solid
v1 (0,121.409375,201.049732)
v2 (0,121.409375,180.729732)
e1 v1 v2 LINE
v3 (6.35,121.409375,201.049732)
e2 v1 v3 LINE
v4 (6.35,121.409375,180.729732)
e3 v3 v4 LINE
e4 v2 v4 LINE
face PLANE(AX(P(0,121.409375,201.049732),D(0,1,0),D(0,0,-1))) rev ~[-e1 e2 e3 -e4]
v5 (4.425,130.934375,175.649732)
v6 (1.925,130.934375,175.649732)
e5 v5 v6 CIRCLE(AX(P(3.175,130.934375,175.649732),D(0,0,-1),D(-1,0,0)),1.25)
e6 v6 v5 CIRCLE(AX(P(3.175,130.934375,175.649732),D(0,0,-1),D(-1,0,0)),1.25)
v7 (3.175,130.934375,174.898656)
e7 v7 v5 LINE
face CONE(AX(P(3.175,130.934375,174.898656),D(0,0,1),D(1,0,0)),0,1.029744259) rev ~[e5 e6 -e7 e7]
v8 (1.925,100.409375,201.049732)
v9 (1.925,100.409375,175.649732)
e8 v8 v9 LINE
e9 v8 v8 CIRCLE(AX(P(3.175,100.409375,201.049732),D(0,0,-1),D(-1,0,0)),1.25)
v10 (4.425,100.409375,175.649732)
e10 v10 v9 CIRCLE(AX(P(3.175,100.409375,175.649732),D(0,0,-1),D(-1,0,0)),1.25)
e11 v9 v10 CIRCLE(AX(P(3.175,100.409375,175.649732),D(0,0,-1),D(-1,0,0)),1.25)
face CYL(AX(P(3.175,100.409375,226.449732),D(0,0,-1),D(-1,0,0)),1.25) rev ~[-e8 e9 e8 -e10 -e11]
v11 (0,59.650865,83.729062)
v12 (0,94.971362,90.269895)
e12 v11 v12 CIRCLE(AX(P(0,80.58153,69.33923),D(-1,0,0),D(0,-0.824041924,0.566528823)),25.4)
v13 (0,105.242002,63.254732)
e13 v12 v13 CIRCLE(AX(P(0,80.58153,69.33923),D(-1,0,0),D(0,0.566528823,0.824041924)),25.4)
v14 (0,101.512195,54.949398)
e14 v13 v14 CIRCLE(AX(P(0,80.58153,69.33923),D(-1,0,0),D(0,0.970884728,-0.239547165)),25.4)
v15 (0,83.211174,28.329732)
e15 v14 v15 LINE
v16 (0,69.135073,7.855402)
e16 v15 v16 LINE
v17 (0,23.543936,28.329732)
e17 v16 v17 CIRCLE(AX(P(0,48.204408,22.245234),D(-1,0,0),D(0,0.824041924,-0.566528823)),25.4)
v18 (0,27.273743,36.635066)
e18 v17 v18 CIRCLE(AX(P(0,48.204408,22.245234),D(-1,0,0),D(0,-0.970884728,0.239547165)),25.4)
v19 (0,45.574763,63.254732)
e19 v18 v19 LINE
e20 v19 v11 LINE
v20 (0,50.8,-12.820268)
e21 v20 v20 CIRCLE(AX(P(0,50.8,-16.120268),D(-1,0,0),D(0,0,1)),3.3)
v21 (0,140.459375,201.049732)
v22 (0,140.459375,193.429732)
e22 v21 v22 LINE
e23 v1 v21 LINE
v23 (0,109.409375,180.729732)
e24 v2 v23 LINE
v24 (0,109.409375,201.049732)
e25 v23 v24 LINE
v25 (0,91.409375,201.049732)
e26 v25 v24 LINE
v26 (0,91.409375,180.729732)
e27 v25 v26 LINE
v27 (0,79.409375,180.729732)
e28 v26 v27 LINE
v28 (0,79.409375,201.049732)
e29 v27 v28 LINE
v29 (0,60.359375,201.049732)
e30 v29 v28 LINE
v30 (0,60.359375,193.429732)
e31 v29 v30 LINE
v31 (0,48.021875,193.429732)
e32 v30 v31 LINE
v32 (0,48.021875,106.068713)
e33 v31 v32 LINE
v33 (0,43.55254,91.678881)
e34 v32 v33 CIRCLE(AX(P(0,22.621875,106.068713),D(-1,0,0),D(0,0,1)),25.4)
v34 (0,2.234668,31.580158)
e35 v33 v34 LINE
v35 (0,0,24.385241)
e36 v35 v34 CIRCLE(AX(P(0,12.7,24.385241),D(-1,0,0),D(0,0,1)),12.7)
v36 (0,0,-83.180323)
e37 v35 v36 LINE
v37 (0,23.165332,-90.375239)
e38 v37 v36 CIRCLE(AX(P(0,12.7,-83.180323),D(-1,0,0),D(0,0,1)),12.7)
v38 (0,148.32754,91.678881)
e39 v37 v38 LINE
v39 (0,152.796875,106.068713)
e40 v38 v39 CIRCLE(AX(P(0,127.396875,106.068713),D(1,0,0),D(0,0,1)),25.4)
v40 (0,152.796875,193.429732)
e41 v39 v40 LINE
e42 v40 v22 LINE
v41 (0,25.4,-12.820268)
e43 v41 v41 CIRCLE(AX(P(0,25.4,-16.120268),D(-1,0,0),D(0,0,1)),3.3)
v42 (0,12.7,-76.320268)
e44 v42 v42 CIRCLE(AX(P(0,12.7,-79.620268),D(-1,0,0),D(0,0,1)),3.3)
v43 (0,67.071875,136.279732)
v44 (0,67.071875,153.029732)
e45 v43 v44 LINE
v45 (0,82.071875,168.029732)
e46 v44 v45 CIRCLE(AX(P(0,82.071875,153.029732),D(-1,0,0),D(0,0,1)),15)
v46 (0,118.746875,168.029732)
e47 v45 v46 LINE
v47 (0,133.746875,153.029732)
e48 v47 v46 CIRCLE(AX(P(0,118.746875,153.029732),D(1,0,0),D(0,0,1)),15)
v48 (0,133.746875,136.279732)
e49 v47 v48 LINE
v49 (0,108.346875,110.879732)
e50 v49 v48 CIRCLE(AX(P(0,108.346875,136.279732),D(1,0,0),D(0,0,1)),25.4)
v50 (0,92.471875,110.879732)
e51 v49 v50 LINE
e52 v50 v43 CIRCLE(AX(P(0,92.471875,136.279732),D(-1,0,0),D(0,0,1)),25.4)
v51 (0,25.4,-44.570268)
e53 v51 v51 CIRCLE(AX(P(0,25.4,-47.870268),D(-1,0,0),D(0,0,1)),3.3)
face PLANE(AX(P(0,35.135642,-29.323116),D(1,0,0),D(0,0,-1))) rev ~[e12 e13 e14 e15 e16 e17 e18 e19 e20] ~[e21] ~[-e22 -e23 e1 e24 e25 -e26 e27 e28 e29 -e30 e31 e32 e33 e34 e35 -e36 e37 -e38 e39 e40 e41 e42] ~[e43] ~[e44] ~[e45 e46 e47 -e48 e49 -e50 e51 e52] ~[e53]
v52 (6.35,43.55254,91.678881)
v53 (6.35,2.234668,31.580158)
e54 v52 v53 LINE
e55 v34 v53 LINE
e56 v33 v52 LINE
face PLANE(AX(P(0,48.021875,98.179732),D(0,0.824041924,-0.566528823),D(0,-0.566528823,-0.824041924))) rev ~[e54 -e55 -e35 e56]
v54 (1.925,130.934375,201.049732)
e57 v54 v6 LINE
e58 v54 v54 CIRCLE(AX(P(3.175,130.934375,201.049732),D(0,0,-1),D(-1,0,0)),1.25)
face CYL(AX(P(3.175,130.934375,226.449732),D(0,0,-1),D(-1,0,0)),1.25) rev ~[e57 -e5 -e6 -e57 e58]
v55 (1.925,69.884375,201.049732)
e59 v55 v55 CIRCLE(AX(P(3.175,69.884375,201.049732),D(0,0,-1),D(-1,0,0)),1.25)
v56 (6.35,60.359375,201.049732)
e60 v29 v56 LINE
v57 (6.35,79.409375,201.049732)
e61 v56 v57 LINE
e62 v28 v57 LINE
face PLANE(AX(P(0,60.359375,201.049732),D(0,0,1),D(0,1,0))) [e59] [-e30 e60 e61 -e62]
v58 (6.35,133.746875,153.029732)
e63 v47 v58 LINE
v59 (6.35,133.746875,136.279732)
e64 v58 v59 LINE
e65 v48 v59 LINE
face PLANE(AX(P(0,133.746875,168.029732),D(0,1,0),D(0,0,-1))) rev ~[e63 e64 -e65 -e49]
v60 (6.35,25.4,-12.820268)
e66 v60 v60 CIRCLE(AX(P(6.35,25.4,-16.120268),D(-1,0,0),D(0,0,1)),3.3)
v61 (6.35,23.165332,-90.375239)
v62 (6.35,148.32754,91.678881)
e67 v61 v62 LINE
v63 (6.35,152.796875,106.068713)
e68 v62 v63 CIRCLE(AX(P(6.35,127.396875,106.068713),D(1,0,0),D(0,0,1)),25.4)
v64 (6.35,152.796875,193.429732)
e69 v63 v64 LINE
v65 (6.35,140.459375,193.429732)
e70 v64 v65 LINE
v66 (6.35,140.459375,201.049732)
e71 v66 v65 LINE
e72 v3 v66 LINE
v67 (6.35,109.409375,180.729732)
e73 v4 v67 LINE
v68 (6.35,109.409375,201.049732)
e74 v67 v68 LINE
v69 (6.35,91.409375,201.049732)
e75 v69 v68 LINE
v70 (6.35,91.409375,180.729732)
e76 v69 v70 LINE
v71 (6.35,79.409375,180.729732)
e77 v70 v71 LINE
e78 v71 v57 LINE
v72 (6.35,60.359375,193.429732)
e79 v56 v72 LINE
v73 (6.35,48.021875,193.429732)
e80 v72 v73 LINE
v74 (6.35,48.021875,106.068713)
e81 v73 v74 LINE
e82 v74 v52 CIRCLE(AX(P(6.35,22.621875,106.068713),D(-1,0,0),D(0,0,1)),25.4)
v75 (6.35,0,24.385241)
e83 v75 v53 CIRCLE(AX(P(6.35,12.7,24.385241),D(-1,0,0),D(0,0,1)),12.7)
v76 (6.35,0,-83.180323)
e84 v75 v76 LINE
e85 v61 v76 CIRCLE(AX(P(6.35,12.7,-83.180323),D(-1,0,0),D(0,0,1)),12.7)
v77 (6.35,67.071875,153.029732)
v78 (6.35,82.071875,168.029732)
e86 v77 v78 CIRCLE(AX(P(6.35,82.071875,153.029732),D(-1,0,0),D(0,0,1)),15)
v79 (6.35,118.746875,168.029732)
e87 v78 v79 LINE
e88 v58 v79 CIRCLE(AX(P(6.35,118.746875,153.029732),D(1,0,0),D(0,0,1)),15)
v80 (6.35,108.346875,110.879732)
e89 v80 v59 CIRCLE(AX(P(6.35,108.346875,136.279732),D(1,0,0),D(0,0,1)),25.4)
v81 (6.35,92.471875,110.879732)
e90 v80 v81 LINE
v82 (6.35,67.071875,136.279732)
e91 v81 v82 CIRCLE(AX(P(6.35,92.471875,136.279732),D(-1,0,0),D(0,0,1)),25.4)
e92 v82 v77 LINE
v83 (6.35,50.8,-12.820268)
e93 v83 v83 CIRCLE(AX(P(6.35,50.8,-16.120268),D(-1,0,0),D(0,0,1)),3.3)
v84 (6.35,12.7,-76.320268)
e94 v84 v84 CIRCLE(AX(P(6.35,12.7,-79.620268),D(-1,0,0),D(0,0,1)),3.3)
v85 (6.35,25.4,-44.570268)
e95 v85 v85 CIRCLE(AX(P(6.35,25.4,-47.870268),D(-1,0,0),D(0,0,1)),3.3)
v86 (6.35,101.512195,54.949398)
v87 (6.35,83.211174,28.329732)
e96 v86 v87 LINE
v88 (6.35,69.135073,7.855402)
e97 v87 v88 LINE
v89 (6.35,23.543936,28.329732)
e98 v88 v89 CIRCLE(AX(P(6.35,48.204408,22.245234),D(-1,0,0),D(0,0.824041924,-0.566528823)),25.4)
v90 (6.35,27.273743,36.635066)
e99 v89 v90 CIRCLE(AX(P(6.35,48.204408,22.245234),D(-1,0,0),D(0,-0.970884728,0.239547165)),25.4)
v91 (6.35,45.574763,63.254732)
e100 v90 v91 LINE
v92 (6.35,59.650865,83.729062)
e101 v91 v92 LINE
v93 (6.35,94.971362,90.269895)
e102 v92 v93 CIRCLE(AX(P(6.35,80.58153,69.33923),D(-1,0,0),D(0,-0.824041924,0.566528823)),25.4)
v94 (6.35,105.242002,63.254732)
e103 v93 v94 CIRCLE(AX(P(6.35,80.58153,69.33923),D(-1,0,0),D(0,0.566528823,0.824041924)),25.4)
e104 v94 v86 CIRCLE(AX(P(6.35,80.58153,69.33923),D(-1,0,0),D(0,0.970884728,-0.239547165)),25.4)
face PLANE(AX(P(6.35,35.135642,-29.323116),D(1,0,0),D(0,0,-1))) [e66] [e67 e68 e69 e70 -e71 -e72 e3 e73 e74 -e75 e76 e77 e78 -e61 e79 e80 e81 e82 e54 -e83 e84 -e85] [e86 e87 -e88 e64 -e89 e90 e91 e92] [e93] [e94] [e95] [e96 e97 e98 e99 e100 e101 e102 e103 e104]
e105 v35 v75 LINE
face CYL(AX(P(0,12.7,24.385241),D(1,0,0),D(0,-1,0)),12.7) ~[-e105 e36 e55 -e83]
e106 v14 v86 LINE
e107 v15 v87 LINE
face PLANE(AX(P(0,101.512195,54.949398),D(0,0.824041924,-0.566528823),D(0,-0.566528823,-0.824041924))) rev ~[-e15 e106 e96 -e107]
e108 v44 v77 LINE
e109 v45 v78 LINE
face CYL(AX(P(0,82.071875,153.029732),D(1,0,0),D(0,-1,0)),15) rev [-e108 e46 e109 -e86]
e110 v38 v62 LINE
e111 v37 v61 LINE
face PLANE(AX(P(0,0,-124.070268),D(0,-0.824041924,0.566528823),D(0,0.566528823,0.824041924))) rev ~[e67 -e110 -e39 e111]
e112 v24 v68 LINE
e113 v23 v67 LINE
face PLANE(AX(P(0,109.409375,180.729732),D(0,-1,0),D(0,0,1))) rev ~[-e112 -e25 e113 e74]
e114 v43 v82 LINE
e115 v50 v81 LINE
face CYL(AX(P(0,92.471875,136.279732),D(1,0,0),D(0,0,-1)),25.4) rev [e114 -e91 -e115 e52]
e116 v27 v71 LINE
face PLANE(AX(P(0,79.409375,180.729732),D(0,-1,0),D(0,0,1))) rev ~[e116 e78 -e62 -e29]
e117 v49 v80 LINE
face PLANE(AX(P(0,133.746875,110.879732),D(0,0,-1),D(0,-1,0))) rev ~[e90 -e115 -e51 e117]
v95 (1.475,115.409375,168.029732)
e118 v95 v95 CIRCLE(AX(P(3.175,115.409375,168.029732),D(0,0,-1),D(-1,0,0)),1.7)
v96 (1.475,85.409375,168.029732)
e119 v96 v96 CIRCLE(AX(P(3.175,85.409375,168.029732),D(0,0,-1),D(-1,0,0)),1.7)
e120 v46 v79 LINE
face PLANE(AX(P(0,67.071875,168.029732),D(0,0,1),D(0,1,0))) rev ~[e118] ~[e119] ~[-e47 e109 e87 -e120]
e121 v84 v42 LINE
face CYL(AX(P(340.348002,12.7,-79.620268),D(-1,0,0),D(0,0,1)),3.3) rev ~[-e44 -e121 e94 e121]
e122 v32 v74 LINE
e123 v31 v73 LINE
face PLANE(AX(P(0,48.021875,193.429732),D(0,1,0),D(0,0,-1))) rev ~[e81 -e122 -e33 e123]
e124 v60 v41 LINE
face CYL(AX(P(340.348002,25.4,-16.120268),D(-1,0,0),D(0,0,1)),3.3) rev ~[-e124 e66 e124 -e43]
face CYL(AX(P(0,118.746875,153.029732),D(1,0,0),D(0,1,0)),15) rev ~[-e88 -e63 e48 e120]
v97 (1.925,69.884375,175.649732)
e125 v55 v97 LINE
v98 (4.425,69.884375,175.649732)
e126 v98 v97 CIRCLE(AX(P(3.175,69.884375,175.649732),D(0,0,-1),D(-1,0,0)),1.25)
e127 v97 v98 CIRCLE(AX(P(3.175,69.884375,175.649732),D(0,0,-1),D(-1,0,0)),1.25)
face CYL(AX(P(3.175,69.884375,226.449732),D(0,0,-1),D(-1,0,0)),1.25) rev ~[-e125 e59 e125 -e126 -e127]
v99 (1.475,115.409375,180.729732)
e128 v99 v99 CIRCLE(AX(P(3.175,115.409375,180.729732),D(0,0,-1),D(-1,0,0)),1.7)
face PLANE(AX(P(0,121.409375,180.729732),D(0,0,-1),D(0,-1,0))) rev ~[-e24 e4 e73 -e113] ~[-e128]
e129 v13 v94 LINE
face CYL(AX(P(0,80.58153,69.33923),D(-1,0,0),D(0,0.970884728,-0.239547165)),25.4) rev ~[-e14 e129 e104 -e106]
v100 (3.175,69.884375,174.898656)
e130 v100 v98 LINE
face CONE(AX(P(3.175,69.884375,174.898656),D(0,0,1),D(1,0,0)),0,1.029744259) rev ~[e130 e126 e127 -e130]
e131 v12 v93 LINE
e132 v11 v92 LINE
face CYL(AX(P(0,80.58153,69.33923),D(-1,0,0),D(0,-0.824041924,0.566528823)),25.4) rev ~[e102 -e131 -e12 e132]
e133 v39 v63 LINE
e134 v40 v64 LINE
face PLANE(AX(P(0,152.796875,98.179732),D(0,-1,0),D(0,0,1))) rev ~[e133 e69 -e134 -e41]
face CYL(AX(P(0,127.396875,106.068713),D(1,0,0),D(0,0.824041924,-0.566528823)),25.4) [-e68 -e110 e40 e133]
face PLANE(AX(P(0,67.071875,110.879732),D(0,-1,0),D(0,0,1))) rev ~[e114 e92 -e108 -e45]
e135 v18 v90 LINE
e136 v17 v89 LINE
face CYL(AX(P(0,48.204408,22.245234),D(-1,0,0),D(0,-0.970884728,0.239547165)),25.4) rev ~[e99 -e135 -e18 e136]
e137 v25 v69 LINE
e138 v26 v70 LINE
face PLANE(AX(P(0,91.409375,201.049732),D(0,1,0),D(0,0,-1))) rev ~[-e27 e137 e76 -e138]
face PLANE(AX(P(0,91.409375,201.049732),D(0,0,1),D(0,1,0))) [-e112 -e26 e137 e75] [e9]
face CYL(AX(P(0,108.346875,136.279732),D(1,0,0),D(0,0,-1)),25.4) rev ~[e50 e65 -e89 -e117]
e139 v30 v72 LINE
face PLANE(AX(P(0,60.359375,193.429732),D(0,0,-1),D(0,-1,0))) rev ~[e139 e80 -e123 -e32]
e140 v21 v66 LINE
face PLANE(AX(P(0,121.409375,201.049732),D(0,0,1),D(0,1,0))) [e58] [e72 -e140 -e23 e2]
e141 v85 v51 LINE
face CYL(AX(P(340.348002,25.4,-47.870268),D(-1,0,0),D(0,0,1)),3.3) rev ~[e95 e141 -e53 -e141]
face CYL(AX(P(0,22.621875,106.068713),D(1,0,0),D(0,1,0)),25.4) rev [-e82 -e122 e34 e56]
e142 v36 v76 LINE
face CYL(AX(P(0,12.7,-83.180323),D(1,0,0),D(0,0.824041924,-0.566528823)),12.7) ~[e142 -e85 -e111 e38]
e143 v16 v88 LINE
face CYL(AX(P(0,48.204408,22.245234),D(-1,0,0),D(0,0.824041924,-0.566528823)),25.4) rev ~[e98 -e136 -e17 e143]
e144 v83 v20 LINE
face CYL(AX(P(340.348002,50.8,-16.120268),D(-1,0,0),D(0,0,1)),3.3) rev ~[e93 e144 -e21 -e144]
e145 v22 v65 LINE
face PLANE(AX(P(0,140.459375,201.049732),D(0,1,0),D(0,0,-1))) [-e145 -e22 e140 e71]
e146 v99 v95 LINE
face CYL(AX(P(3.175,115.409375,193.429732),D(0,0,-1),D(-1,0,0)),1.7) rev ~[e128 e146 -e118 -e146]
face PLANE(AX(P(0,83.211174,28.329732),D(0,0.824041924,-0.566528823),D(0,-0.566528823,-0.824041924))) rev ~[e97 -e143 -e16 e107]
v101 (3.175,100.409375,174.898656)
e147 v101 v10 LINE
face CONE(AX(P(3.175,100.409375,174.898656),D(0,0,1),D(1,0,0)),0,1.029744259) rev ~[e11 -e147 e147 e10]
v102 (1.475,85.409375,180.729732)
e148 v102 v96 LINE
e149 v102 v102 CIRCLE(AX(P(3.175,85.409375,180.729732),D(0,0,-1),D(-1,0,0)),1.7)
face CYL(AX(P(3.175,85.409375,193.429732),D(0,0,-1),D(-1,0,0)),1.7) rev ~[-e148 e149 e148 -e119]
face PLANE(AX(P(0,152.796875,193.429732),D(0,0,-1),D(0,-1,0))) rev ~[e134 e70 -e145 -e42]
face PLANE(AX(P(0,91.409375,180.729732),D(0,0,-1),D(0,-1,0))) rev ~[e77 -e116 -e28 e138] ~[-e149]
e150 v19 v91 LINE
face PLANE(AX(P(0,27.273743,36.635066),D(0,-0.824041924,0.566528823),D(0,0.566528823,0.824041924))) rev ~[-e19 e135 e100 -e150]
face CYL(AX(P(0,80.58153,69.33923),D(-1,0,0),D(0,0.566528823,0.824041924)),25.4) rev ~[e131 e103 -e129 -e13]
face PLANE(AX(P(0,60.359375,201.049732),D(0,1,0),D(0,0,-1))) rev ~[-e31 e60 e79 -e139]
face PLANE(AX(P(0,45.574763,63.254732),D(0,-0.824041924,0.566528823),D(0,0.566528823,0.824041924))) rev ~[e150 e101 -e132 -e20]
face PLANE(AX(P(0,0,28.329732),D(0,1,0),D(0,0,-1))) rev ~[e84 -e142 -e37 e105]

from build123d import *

# Parameters (mm, degrees)
SKETCH1_W                 = 7.62
SKETCH1_H                 = 19.05
SKETCH1_H_2               = 18
BOSS_EXTRUDE1_DEPTH       = 6.35
FILLET1_R                 = 25.4
FILLET2_R                 = 12.7
M6_CLEARANCE_HOLE1_D      = 6.6
M3_CLEARANCE_HOLE1_D      = 3.4
M3_CLEARANCE_HOLE1_DEPTH  = 12.7
FILLET4_R                 = 15
M3X0_5_TAPPED_HOLE1_D     = 2.5
M3X0_5_TAPPED_HOLE1_DEPTH = 25.4
M3X0_5_TAPPED_HOLE1_TIP   = 0.751075774


with BuildPart() as part:
    # Sketch1 → Boss-Extrude1 (new body)
    with BuildSketch(Plane(origin=(0, 0, 0), x_dir=(0, 0, -1), z_dir=(1, 0, 0))):
        with BuildLine():
            Line((-28.329731999, 0), (124.070268001, 0))
            Line((124.070268001, 0), (-28.329731999, 104.775))
            Line((-28.329731999, 104.775), (-28.329731999, 83.211174444))
            Line((-28.329731999, 83.211174444), (-7.855401914, 69.135072511))
            ThreePointArc((-7.855401914, 69.135072511), (0.925492913, 37.798764283), (-28.329731999, 23.543935534))
            Line((-28.329731999, 23.543935534), (-28.329731999, 0))
        make_face()
        with BuildLine():
            Line((-28.329731999, 83.211174444), (-28.329731999, 104.775))
            Line((-28.329731999, 104.775), (-63.254731999, 128.7859375))
            Line((-63.254731999, 128.7859375), (-63.254731999, 105.242001966))
            ThreePointArc((-63.254731999, 105.242001966), (-58.93358663, 103.752256793), (-54.949397882, 101.512194739))
            Line((-54.949397882, 101.512194739), (-28.329731999, 83.211174444))
        make_face()
        with BuildLine():
            Line((-63.254731999, 105.242001966), (-63.254731999, 128.7859375))
            Line((-63.254731999, 128.7859375), (-98.179731999, 152.796875))
            Line((-98.179731999, 152.796875), (-98.179731999, 100.409375))
            Line((-98.179731999, 100.409375), (-90.269894858, 94.971361965))
            ThreePointArc((-90.269894858, 94.971361965), (-78.365507142, 104.323608978), (-63.254731999, 105.242001966))
        make_face()
        with BuildLine():
            Line((-98.179731999, 48.021875), (-63.254731999, 24.0109375))
            Line((-63.254731999, 24.0109375), (-63.254731999, 45.574763056))
            Line((-63.254731999, 45.574763056), (-83.729062085, 59.650864989))
            ThreePointArc((-83.729062085, 59.650864989), (-94.31459291, 75.956462655), (-90.269894858, 94.971361965))
            Line((-90.269894858, 94.971361965), (-98.179731999, 100.409375))
            Line((-98.179731999, 100.409375), (-98.179731999, 48.021875))
        make_face()
        with BuildLine():
            Line((-63.254731999, 24.0109375), (-28.329731999, 0))
            Line((-28.329731999, 0), (-28.329731999, 23.543935534))
            ThreePointArc((-28.329731999, 23.543935534), (-32.650877369, 25.033680707), (-36.635066117, 27.273742761))
            Line((-36.635066117, 27.273742761), (-63.254731999, 45.574763056))
            Line((-63.254731999, 45.574763056), (-63.254731999, 24.0109375))
        make_face()
        Polygon((-139.454731999, 48.021875), (-98.179731999, 48.021875), (-98.179731999, 100.409375), (-98.179731999, 152.796875), (-139.454731999, 152.796875), (-139.454731999, 133.746875), (-110.879731999, 133.746875), (-110.879731999, 67.071875), (-139.454731999, 67.071875), align=None)
        Polygon((-180.729731999, 48.021875), (-139.454731999, 48.021875), (-139.454731999, 67.071875), (-168.029731999, 67.071875), (-168.029731999, 133.746875), (-139.454731999, 133.746875), (-139.454731999, 152.796875), (-180.729731999, 152.796875), (-180.729731999, 121.409375), (-180.729731999, 109.409375), (-180.729731999, 100.409375), (-180.729731999, 91.409375), (-180.729731999, 79.409375), align=None)
        Polygon((-180.729731999, 121.409375), (-180.729731999, 152.796875), (-193.429731999, 152.796875), (-193.429731999, 140.459375), (-193.429731999, 121.409375), align=None)
        with Locations((-197.239731999, 130.934375)):
            Rectangle(SKETCH1_W, SKETCH1_H)
        Polygon((-193.429731999, 91.409375), (-180.729731999, 91.409375), (-180.729731999, 100.409375), (-180.729731999, 109.409375), (-193.429731999, 109.409375), align=None)
        with Locations((-197.239731999, 100.409375)):
            Rectangle(SKETCH1_W, SKETCH1_H_2)
        with Locations((-197.239731999, 69.884375)):
            Rectangle(SKETCH1_W, SKETCH1_H)
        Polygon((-193.429731999, 48.021875), (-180.729731999, 48.021875), (-180.729731999, 79.409375), (-193.429731999, 79.409375), (-193.429731999, 60.359375), align=None)
    extrude(amount=BOSS_EXTRUDE1_DEPTH)

    # Fillet1
    fillet1_edges = [part.edges().sort_by_distance(p)[0] for p in [
        (3.175, 67.071875, 110.879731999),
        (3.175, 133.746875, 110.879731999),
        (3.175, 152.796875, 98.179731999),
        (3.175, 48.021875, 98.179731999),
    ]]
    fillet(fillet1_edges, radius=FILLET1_R)

    # Fillet2
    fillet2_edges = [part.edges().sort_by_distance(p)[0] for p in [
        (3.175, 0, -124.070268001),
        (3.175, 0, 28.329731999),
    ]]
    fillet(fillet2_edges, radius=FILLET2_R)

    # M6 Clearance Hole1 (through all)
    with Locations(Plane(origin=(6.35, 0, 0), x_dir=(0, 0, -1), z_dir=(1, 0, 0))):
        with Locations((16.120268001, 25.4), (47.870268001, 25.4), (79.620268001, 12.7), (16.120268001, 50.8)):
            Hole(M6_CLEARANCE_HOLE1_D / 2)

    # M3 Clearance Hole1
    with Locations(Plane.XY.offset(180.729731999)):
        with Locations((3.175, 85.409375), (3.175, 115.409375)):
            Hole(M3_CLEARANCE_HOLE1_D / 2, depth=M3_CLEARANCE_HOLE1_DEPTH)

    # Fillet4
    fillet4_edges = [part.edges().sort_by_distance(p)[0] for p in [
        (3.175, 133.746875, 168.029731999),
        (3.175, 67.071875, 168.029731999),
    ]]
    fillet(fillet4_edges, radius=FILLET4_R)

    # M3x0.5 Tapped Hole1
    with Locations(Plane.XY.offset(201.049731999)):
        with Locations((3.175, 69.884375), (3.175, 130.934375), (3.175, 100.409375)):
            Hole(M3X0_5_TAPPED_HOLE1_D / 2, depth=M3X0_5_TAPPED_HOLE1_DEPTH)
            with Locations((0, 0, -(M3X0_5_TAPPED_HOLE1_DEPTH + M3X0_5_TAPPED_HOLE1_TIP / 2))):  # 118° drill point
                Cone(0, M3X0_5_TAPPED_HOLE1_D / 2, M3X0_5_TAPPED_HOLE1_TIP, mode=Mode.SUBTRACT)


solid = part.part
